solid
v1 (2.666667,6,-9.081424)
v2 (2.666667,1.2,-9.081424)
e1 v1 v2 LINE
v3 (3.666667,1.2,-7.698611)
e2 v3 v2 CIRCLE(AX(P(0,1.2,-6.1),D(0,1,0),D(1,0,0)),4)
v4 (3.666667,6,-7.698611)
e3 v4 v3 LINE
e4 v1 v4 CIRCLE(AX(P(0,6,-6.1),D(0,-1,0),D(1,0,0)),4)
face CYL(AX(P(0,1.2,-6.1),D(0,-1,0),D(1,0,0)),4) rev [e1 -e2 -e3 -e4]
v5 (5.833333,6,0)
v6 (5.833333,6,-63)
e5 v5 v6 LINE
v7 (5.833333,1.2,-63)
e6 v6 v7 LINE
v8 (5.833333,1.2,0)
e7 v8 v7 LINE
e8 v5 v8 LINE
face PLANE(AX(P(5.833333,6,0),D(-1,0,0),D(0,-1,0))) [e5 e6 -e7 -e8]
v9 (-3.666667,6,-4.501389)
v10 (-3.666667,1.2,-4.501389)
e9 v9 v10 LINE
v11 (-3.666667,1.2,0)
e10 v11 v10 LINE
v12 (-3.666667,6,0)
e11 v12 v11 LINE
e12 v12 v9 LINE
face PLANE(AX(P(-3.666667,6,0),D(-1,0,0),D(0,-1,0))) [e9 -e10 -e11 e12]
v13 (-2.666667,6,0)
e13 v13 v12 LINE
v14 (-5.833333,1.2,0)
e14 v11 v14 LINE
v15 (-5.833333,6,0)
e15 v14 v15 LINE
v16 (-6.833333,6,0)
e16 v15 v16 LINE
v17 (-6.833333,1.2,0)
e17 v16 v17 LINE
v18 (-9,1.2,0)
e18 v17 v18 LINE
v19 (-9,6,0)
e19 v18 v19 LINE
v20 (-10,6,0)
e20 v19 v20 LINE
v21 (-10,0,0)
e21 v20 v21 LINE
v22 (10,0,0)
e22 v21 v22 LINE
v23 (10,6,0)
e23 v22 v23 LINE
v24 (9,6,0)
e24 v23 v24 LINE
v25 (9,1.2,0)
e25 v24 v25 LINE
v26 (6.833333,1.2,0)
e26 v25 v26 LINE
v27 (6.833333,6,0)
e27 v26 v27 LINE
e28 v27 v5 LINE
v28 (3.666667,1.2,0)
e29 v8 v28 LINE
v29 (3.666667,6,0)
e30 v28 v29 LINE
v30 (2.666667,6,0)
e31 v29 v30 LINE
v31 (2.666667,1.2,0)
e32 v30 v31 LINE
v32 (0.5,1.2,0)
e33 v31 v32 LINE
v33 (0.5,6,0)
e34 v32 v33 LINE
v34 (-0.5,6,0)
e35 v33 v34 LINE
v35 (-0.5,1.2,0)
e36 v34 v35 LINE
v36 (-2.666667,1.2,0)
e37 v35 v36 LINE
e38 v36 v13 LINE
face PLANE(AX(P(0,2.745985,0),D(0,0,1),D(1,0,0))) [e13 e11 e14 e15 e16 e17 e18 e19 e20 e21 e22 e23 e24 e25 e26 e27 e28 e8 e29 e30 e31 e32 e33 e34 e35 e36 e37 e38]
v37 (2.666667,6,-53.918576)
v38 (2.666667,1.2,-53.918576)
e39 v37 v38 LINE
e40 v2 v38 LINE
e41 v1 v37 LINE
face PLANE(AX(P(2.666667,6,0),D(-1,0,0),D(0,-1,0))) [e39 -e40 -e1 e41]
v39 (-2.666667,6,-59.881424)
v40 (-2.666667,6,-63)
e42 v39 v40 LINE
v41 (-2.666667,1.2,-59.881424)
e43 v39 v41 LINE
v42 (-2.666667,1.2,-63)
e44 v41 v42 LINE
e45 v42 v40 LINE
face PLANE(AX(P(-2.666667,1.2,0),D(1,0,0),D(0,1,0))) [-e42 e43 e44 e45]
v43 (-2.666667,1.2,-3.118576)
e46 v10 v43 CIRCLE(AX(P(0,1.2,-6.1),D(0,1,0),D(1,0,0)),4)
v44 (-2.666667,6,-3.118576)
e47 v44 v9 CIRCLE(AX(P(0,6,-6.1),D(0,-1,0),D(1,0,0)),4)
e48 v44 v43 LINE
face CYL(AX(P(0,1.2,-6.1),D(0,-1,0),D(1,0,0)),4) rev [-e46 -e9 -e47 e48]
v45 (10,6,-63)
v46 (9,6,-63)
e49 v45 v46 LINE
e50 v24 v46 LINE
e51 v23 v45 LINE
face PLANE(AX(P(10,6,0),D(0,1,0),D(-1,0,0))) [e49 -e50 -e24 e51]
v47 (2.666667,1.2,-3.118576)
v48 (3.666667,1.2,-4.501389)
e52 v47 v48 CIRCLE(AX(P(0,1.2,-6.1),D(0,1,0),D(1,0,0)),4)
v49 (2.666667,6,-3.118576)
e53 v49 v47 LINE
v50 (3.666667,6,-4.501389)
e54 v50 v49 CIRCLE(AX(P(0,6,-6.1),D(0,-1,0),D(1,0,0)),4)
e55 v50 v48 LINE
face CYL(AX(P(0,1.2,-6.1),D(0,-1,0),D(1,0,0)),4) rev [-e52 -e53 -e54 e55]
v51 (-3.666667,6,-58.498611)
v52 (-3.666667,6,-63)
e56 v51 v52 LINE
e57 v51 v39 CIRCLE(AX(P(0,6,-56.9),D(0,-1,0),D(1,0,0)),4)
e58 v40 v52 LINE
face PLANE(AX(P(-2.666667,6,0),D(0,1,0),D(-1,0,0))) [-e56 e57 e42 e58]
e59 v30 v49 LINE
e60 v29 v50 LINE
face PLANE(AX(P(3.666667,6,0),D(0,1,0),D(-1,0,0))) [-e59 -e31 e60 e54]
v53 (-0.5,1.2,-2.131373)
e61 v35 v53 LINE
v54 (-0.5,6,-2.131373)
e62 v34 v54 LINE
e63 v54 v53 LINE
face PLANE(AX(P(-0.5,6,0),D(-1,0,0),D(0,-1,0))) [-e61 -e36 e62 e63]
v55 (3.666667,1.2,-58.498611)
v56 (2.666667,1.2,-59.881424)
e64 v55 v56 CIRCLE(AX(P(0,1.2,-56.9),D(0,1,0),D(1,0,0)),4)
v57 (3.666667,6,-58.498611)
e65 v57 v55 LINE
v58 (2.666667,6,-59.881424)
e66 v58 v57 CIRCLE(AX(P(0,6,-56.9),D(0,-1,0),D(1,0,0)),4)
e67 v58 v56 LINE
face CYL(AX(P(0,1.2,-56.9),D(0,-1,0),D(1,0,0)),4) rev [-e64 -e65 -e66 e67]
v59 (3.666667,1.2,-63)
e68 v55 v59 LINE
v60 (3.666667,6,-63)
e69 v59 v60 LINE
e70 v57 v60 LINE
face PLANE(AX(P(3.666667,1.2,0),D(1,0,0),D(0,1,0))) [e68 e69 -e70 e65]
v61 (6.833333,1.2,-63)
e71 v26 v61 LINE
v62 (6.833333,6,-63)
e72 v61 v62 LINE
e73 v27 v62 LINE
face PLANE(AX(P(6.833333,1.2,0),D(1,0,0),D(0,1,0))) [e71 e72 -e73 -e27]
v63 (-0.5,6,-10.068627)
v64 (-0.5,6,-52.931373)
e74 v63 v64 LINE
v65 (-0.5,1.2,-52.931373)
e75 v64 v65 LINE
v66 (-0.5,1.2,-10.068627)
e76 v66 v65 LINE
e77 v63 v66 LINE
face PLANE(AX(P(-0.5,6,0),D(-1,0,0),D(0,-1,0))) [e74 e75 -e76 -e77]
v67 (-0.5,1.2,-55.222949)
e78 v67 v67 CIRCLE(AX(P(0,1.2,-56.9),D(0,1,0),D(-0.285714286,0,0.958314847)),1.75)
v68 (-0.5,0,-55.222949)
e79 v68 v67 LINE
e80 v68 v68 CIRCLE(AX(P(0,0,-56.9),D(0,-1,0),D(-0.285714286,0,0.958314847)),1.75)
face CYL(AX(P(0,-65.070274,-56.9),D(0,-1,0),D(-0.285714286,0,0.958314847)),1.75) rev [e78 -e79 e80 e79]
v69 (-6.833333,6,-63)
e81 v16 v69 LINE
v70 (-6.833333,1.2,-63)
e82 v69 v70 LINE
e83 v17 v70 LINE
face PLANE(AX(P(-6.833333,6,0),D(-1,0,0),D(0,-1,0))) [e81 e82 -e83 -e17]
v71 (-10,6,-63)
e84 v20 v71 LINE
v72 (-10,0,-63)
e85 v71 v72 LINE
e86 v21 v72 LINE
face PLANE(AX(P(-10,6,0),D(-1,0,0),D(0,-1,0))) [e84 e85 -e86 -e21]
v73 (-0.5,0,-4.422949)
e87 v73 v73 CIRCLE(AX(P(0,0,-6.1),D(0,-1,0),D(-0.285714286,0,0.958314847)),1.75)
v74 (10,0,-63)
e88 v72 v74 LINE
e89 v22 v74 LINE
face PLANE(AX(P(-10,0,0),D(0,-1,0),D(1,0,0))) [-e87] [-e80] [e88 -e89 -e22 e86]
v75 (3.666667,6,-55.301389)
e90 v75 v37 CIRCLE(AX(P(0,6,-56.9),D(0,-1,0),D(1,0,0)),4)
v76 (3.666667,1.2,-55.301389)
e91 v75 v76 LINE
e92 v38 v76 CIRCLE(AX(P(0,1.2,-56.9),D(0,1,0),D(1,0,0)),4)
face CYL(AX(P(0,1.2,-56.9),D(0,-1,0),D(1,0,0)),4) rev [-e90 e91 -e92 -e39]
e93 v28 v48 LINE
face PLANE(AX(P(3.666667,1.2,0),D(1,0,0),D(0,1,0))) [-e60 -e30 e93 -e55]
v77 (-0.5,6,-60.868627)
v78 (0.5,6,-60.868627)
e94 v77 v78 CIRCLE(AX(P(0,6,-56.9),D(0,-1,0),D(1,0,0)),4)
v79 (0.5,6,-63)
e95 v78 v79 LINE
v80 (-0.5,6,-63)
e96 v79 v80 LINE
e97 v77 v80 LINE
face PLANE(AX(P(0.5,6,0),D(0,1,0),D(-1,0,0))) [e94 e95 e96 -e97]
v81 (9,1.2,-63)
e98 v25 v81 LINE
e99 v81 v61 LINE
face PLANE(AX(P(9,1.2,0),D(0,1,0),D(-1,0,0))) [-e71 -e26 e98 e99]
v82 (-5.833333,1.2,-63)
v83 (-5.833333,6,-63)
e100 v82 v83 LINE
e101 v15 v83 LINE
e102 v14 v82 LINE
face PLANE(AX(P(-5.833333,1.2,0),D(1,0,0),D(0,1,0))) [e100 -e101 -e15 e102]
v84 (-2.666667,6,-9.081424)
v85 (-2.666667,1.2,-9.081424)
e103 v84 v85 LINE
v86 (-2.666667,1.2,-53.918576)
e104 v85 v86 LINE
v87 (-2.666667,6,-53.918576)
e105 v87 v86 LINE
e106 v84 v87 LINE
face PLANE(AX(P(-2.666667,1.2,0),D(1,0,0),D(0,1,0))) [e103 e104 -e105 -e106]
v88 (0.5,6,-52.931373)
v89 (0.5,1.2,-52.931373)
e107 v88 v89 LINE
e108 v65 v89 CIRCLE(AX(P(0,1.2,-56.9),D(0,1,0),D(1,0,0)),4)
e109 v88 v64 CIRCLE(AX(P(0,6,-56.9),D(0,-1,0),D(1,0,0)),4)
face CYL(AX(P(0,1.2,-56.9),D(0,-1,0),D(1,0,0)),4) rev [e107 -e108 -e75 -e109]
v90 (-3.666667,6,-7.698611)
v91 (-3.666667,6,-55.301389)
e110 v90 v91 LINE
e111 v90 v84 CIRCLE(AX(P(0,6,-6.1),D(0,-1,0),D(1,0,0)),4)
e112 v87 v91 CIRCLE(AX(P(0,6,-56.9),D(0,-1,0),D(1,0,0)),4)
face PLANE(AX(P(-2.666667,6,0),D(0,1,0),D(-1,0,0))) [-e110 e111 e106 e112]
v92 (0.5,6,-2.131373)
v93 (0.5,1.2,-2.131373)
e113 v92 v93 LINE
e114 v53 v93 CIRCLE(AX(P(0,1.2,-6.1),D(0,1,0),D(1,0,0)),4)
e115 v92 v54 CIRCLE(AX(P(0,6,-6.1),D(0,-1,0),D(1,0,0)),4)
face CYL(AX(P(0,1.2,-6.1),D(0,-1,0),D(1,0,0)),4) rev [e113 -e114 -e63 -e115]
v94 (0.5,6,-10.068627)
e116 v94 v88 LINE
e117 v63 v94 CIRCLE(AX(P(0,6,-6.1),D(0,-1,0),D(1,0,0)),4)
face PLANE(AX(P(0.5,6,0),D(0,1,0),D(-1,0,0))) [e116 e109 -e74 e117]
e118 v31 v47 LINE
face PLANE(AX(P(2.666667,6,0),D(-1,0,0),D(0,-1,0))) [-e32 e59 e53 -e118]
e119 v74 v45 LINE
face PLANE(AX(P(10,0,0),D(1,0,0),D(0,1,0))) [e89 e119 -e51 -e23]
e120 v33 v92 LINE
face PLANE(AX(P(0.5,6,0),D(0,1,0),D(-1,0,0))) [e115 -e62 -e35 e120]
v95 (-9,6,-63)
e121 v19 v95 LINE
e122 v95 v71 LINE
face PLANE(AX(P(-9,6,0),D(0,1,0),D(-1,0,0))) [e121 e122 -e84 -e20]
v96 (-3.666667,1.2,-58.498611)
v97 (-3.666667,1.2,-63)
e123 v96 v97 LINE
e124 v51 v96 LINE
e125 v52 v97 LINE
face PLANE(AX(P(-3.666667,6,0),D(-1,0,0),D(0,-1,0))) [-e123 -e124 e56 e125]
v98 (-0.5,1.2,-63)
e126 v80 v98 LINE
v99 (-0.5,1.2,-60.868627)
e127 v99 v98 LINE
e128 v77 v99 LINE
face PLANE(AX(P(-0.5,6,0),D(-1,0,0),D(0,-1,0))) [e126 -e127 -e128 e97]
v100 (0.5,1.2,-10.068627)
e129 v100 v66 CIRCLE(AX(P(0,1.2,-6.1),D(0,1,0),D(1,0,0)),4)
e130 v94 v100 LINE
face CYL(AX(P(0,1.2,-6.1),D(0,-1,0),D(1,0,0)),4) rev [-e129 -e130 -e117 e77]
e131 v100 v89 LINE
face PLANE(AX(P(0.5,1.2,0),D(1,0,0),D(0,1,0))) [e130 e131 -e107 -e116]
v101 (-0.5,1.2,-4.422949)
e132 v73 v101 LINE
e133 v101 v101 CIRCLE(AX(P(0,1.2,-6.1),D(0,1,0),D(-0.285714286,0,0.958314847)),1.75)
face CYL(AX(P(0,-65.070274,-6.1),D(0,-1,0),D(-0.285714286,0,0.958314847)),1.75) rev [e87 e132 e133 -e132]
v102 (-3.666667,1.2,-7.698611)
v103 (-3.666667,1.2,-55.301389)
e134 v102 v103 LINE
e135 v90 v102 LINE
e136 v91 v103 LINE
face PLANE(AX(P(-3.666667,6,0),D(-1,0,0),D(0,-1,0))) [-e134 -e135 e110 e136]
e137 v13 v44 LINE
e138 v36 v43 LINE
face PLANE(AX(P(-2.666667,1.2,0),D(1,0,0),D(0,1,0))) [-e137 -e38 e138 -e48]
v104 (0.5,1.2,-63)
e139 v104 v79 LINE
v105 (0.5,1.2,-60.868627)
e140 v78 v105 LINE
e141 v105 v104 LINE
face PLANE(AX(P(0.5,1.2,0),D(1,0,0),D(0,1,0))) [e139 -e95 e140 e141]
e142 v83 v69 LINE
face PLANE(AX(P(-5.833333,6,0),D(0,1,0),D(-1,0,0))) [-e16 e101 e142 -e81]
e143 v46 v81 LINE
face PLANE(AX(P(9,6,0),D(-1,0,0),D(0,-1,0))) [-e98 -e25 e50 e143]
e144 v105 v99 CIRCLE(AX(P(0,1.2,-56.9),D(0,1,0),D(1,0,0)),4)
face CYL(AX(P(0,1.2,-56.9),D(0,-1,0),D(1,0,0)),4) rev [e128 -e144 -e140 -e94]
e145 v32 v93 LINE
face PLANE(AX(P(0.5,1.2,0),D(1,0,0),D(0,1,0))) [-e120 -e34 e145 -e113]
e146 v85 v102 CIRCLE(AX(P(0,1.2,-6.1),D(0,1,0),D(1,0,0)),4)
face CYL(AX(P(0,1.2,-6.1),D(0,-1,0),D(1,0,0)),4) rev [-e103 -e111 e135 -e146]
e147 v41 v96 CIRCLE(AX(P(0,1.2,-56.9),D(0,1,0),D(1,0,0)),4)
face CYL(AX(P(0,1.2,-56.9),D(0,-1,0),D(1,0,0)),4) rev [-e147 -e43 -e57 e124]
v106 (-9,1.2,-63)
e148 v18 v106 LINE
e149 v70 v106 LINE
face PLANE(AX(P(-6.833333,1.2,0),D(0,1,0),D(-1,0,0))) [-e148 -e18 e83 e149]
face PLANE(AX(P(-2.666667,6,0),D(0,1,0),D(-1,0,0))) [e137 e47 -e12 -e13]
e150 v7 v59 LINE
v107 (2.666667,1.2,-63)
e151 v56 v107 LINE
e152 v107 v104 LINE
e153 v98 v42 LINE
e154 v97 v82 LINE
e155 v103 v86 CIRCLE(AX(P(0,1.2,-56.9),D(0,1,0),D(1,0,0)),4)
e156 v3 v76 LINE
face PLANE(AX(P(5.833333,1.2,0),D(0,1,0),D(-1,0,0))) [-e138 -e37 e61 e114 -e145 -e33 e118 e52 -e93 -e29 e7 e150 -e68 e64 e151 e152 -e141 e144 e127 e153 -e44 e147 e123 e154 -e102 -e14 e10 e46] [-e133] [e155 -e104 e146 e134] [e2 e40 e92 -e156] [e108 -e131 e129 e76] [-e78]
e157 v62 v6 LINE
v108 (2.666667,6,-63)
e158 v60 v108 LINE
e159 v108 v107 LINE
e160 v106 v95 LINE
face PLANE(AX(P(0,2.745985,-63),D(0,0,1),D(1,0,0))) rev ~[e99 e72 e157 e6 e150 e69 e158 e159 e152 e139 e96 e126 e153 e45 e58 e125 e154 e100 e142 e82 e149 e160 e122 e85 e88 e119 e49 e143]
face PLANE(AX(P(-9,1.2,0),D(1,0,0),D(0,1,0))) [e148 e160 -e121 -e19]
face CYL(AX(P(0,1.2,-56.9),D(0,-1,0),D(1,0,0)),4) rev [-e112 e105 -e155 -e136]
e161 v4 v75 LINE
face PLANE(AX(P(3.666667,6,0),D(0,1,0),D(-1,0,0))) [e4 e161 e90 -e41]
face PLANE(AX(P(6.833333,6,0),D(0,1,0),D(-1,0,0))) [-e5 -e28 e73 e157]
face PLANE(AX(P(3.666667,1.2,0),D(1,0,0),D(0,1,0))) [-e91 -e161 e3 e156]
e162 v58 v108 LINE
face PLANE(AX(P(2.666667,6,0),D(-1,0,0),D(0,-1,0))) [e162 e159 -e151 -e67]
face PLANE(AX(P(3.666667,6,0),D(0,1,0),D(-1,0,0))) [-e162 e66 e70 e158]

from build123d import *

# Parameters (mm, degrees)
BOSS_EXTRUDE1_DEPTH     = 63
CUT_EXTRUDE2_DEPTH      = 65.070273919
CUT_EXTRUDE2_DEPTH_BACK = 65.070273919
SKETCH2_R               = 1.75
CUT_EXTRUDE3_START      = 1.2
SKETCH3_R               = 4
CUT_EXTRUDE3_DEPTH      = 63


with BuildPart() as part:
    # Sketch1 → Boss-Extrude1 (new body)
    with BuildSketch(Plane.XY):
        Polygon((-10, 6), (-10, 0), (10, 0), (10, 6), (9, 6), (9, 1.2), (6.833333333, 1.2), (6.833333333, 6), (5.833333333, 6), (5.833333333, 1.2), (3.666666667, 1.2), (3.666666667, 6), (2.666666667, 6), (2.666666667, 1.2), (0.5, 1.2), (0.5, 6), (-0.5, 6), (-0.5, 1.2), (-2.666666667, 1.2), (-2.666666667, 6), (-3.666666667, 6), (-3.666666667, 1.2), (-5.833333333, 1.2), (-5.833333333, 6), (-6.833333333, 6), (-6.833333333, 1.2), (-9, 1.2), (-9, 6), align=None)
    extrude(amount=-BOSS_EXTRUDE1_DEPTH)

    # Sketch2 → Cut-Extrude2 (cut, two sides: drawn at the far end of the back side and taken through both)
    with BuildSketch(Plane(origin=(0, 0, 0), x_dir=(1, 0, 0), z_dir=(0, 1, 0)).offset(-CUT_EXTRUDE2_DEPTH_BACK)):
        with Locations(Location((0, 56.9, 0), (0, 0, 253.398450401))):
            Circle(SKETCH2_R)
        with Locations(Location((0, 6.1, 0), (0, 0, 253.398450401))):
            Circle(SKETCH2_R)
    extrude(amount=CUT_EXTRUDE2_DEPTH + CUT_EXTRUDE2_DEPTH_BACK, mode=Mode.SUBTRACT)

    # Sketch3 → Cut-Extrude3 (cut)
    with BuildSketch(Plane(origin=(0, 0, 0), x_dir=(1, 0, 0), z_dir=(0, 1, 0)).offset(CUT_EXTRUDE3_START)):
        with Locations((0, 56.9)):
            Circle(SKETCH3_R)
        with Locations((0, 6.1)):
            Circle(SKETCH3_R)
    extrude(amount=CUT_EXTRUDE3_DEPTH, mode=Mode.SUBTRACT)


solid = part.part
